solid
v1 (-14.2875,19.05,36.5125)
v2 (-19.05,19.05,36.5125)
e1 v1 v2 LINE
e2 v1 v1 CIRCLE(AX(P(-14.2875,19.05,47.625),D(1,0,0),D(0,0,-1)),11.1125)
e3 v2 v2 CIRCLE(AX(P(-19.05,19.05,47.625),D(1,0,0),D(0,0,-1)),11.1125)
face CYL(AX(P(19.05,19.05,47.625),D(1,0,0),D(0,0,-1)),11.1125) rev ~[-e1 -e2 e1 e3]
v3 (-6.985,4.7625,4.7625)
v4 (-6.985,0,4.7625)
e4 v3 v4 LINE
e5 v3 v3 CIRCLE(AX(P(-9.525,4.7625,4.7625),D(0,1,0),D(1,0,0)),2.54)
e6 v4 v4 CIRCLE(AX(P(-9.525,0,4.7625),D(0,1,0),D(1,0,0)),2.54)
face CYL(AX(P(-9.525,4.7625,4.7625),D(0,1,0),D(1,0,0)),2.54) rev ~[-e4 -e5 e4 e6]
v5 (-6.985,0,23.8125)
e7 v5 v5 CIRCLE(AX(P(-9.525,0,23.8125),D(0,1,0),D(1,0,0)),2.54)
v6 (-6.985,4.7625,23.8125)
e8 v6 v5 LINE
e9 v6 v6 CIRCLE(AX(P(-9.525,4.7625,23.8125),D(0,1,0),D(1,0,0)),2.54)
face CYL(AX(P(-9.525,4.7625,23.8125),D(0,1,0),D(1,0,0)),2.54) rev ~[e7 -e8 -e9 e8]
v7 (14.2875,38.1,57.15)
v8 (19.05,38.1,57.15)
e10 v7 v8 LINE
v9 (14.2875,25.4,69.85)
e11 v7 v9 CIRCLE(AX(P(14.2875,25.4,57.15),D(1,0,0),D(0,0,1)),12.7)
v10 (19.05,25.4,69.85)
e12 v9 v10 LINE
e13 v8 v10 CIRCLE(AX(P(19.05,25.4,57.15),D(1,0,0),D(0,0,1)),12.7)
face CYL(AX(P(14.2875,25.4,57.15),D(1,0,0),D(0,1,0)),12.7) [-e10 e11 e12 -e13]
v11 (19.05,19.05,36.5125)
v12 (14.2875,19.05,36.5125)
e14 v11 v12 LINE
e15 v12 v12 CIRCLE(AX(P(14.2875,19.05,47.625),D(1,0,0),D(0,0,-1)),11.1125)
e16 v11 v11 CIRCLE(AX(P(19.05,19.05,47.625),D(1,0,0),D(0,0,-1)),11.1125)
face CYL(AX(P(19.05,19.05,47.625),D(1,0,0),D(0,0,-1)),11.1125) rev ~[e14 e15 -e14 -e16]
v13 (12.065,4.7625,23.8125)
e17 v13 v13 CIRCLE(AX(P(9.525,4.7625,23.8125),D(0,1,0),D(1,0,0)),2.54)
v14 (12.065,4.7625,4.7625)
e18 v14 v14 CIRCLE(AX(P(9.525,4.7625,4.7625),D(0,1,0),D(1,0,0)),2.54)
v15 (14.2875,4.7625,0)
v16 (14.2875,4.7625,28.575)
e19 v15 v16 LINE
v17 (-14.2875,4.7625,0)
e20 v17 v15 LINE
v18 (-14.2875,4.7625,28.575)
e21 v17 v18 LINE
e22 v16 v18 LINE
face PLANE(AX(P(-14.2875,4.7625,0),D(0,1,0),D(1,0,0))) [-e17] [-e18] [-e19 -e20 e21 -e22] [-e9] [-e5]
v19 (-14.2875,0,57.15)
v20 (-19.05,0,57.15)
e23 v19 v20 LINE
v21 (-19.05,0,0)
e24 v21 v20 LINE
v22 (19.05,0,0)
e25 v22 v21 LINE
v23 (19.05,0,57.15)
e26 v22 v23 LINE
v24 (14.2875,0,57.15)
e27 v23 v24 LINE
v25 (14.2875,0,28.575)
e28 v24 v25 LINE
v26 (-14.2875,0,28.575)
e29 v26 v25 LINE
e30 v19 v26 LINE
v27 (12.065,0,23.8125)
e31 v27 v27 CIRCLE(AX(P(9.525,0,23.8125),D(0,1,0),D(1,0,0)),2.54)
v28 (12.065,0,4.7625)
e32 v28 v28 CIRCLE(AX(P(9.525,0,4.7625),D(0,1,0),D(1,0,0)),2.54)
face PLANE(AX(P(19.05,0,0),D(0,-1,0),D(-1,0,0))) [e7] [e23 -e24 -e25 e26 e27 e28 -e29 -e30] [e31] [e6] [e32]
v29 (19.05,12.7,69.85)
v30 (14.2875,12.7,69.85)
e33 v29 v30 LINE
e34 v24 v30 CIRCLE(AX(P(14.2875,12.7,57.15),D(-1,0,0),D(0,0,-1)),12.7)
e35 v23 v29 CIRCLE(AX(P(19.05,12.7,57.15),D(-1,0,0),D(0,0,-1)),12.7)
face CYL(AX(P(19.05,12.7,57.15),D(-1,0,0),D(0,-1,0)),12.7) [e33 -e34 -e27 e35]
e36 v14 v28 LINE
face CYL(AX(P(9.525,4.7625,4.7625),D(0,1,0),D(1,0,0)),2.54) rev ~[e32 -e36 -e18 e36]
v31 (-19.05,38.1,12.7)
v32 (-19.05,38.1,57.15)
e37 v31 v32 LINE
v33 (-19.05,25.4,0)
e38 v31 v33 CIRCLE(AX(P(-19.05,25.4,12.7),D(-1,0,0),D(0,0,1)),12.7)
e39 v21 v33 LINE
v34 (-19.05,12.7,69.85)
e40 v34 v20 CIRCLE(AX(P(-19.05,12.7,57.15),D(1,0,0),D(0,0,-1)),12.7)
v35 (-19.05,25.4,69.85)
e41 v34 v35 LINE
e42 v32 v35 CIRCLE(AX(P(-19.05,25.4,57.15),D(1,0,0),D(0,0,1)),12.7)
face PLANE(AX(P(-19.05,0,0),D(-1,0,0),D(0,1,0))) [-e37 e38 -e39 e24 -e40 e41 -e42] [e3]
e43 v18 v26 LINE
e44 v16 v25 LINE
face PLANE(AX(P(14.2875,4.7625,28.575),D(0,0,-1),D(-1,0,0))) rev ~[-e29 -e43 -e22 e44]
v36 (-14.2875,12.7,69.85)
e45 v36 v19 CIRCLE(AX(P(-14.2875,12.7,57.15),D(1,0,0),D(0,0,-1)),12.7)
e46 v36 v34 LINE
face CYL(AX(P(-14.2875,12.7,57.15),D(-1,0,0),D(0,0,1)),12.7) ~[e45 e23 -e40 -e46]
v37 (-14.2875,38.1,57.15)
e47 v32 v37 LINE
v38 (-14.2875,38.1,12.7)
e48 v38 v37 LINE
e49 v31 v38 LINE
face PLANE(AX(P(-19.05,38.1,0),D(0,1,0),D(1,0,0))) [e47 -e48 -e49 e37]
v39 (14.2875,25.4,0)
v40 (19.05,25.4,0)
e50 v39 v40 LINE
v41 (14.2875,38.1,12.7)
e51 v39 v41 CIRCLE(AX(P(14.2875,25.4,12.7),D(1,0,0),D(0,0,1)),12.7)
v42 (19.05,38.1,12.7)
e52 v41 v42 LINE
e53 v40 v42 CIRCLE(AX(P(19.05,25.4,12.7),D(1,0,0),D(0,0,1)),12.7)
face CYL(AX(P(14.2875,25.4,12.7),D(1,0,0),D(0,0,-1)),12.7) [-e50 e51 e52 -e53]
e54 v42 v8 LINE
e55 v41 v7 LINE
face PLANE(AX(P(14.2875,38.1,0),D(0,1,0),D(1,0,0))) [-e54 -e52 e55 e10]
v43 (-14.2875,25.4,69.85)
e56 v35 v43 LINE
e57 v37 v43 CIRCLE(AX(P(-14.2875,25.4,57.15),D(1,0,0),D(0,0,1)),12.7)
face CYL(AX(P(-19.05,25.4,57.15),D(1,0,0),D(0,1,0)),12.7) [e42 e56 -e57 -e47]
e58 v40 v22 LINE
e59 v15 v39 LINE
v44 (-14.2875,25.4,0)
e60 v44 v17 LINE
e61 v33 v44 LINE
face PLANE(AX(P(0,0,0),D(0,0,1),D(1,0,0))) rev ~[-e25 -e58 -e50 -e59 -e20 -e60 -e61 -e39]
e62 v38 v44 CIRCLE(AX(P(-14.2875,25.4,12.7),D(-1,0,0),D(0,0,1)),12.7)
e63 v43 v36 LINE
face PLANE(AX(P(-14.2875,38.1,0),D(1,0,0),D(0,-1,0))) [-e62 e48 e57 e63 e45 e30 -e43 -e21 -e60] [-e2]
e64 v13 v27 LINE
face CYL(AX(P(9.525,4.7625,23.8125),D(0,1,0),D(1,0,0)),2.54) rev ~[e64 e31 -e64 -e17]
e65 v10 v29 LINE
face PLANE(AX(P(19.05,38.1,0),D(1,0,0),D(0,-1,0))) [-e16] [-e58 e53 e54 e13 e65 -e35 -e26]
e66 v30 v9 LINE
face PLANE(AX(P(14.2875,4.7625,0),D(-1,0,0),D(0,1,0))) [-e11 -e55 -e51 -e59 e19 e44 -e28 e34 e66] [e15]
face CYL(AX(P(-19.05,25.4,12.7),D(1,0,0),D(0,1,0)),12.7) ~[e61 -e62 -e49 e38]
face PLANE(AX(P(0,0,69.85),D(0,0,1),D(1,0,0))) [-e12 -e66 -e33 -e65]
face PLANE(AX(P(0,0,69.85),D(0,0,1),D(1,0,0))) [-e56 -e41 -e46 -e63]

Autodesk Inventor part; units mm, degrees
ref_plane "YZ Plane" through (0, 0, 0) normal (1, 0, 0) x (0, 1, 0)
ref_plane "XZ Plane" through (0, 0, 0) normal (0, 1, 0) x (-1, 0, 0)
ref_plane "XY Plane" through (0, 0, 0) normal (0, 0, 1) x (1, 0, 0)
sketch "Sketch1" plane through (0, 0, 0) normal (0, 0, 1) x (1, 0, 0)
  line L0 (-19.05, 38.1) -> (-14.2875, 38.1)
  line L1 (-14.2875, 38.1) -> (-14.2875, 4.7625)
  line L2 (-14.2875, 4.7625) -> (14.2875, 4.7625)
  line L3 (14.2875, 4.7625) -> (14.2875, 38.1)
  line L4 (14.2875, 38.1) -> (19.05, 38.1)
  line L5 (19.05, 38.1) -> (19.05, 0)
  line L6 (19.05, 0) -> (-19.05, 0)
  line L7 (-19.05, 0) -> (-19.05, 38.1)
  line L8 (0, 0) -> (0, 4.7625) construction
  dimension "d0" = 4.7625
  dimension "d2" = 38.1
  dimension "d3" = 38.1
extrude "Extrusion1" add sketch "Sketch1" along normal blind 69.85
sketch "Sketch2" plane through (-14.2875, 4.7625, 0) normal (0, 1, 0) x (1, 0, 0)
  line L0 (23.8125, -23.8125) -> (4.7625, -23.8125) construction
  line L1 (4.7625, -23.8125) -> (4.7625, -4.7625) construction
  line L2 (4.7625, -4.7625) -> (23.8125, -4.7625) construction
  line L3 (23.8125, -4.7625) -> (23.8125, -23.8125) construction
  line L4 (23.8125, -23.8125) -> (4.7625, -4.7625) construction
  line L5 (4.7625, -23.8125) -> (23.8125, -4.7625) construction
  circle A0 centre (4.7625, -4.7625) radius 2.54
  circle A1 centre (4.7625, -23.8125) radius 2.54
  circle A2 centre (23.8125, -4.7625) radius 2.54
  circle A3 centre (23.8125, -23.8125) radius 2.54
  line L6 (0, 0) -> (0, -69.85) projected
  line L7 (28.575, 0) -> (28.575, -69.85) projected
  line L8 (0, -69.85) -> (28.575, -69.85)
  line L9 (28.575, -69.85) -> (28.575, -28.575)
  line L10 (28.575, -28.575) -> (0, -28.575)
  line L11 (0, -28.575) -> (0, -69.85)
  line L12 (14.2875, -4.7625) -> (14.2875, 0) construction
  point P0 (14.2875, -14.2875)
  dimension "d6" = 5.08
  dimension "d7" = 19.05
  dimension "d8" = 19.05
  dimension "d10" = 14.2875
  dimension "d21" = 4.7625
  dimension "d22" = 4.7625
extrude "Extrusion2" cut sketch "Sketch2" against normal through all
sketch "Sketch3" plane through (19.05, 0, 0) normal (1, 0, 0) x (0, 0, -1)
  circle A0 centre (-47.625, 19.05) radius 11.1125
  circle A1 centre (-47.625, 19.05) radius 14.2875 construction
  line L0 (-33.3375, 19.05) -> (-33.3375, -6.9181) construction
  line L1 (0, 0) -> (-69.85, 0) construction
  dimension "d15" = 28.575
  dimension "d13" = 22.225
  dimension "d14" = 19.05
  dimension "d16" = 33.3375
extrude "Extrusion3" cut sketch "Sketch3" against normal through all
fillet "Fillet1" radius 12.7 6 edges at (16.6687, 38.1, 69.85) (-16.6687, 38.1, 69.85) (16.6687, 38.1, 0) (-16.6687, 38.1, 0) (-16.6688, 0, 69.85) (16.6688, 0, 69.85)
properties part number "top pully bracket" material "Aluminum 6061"
